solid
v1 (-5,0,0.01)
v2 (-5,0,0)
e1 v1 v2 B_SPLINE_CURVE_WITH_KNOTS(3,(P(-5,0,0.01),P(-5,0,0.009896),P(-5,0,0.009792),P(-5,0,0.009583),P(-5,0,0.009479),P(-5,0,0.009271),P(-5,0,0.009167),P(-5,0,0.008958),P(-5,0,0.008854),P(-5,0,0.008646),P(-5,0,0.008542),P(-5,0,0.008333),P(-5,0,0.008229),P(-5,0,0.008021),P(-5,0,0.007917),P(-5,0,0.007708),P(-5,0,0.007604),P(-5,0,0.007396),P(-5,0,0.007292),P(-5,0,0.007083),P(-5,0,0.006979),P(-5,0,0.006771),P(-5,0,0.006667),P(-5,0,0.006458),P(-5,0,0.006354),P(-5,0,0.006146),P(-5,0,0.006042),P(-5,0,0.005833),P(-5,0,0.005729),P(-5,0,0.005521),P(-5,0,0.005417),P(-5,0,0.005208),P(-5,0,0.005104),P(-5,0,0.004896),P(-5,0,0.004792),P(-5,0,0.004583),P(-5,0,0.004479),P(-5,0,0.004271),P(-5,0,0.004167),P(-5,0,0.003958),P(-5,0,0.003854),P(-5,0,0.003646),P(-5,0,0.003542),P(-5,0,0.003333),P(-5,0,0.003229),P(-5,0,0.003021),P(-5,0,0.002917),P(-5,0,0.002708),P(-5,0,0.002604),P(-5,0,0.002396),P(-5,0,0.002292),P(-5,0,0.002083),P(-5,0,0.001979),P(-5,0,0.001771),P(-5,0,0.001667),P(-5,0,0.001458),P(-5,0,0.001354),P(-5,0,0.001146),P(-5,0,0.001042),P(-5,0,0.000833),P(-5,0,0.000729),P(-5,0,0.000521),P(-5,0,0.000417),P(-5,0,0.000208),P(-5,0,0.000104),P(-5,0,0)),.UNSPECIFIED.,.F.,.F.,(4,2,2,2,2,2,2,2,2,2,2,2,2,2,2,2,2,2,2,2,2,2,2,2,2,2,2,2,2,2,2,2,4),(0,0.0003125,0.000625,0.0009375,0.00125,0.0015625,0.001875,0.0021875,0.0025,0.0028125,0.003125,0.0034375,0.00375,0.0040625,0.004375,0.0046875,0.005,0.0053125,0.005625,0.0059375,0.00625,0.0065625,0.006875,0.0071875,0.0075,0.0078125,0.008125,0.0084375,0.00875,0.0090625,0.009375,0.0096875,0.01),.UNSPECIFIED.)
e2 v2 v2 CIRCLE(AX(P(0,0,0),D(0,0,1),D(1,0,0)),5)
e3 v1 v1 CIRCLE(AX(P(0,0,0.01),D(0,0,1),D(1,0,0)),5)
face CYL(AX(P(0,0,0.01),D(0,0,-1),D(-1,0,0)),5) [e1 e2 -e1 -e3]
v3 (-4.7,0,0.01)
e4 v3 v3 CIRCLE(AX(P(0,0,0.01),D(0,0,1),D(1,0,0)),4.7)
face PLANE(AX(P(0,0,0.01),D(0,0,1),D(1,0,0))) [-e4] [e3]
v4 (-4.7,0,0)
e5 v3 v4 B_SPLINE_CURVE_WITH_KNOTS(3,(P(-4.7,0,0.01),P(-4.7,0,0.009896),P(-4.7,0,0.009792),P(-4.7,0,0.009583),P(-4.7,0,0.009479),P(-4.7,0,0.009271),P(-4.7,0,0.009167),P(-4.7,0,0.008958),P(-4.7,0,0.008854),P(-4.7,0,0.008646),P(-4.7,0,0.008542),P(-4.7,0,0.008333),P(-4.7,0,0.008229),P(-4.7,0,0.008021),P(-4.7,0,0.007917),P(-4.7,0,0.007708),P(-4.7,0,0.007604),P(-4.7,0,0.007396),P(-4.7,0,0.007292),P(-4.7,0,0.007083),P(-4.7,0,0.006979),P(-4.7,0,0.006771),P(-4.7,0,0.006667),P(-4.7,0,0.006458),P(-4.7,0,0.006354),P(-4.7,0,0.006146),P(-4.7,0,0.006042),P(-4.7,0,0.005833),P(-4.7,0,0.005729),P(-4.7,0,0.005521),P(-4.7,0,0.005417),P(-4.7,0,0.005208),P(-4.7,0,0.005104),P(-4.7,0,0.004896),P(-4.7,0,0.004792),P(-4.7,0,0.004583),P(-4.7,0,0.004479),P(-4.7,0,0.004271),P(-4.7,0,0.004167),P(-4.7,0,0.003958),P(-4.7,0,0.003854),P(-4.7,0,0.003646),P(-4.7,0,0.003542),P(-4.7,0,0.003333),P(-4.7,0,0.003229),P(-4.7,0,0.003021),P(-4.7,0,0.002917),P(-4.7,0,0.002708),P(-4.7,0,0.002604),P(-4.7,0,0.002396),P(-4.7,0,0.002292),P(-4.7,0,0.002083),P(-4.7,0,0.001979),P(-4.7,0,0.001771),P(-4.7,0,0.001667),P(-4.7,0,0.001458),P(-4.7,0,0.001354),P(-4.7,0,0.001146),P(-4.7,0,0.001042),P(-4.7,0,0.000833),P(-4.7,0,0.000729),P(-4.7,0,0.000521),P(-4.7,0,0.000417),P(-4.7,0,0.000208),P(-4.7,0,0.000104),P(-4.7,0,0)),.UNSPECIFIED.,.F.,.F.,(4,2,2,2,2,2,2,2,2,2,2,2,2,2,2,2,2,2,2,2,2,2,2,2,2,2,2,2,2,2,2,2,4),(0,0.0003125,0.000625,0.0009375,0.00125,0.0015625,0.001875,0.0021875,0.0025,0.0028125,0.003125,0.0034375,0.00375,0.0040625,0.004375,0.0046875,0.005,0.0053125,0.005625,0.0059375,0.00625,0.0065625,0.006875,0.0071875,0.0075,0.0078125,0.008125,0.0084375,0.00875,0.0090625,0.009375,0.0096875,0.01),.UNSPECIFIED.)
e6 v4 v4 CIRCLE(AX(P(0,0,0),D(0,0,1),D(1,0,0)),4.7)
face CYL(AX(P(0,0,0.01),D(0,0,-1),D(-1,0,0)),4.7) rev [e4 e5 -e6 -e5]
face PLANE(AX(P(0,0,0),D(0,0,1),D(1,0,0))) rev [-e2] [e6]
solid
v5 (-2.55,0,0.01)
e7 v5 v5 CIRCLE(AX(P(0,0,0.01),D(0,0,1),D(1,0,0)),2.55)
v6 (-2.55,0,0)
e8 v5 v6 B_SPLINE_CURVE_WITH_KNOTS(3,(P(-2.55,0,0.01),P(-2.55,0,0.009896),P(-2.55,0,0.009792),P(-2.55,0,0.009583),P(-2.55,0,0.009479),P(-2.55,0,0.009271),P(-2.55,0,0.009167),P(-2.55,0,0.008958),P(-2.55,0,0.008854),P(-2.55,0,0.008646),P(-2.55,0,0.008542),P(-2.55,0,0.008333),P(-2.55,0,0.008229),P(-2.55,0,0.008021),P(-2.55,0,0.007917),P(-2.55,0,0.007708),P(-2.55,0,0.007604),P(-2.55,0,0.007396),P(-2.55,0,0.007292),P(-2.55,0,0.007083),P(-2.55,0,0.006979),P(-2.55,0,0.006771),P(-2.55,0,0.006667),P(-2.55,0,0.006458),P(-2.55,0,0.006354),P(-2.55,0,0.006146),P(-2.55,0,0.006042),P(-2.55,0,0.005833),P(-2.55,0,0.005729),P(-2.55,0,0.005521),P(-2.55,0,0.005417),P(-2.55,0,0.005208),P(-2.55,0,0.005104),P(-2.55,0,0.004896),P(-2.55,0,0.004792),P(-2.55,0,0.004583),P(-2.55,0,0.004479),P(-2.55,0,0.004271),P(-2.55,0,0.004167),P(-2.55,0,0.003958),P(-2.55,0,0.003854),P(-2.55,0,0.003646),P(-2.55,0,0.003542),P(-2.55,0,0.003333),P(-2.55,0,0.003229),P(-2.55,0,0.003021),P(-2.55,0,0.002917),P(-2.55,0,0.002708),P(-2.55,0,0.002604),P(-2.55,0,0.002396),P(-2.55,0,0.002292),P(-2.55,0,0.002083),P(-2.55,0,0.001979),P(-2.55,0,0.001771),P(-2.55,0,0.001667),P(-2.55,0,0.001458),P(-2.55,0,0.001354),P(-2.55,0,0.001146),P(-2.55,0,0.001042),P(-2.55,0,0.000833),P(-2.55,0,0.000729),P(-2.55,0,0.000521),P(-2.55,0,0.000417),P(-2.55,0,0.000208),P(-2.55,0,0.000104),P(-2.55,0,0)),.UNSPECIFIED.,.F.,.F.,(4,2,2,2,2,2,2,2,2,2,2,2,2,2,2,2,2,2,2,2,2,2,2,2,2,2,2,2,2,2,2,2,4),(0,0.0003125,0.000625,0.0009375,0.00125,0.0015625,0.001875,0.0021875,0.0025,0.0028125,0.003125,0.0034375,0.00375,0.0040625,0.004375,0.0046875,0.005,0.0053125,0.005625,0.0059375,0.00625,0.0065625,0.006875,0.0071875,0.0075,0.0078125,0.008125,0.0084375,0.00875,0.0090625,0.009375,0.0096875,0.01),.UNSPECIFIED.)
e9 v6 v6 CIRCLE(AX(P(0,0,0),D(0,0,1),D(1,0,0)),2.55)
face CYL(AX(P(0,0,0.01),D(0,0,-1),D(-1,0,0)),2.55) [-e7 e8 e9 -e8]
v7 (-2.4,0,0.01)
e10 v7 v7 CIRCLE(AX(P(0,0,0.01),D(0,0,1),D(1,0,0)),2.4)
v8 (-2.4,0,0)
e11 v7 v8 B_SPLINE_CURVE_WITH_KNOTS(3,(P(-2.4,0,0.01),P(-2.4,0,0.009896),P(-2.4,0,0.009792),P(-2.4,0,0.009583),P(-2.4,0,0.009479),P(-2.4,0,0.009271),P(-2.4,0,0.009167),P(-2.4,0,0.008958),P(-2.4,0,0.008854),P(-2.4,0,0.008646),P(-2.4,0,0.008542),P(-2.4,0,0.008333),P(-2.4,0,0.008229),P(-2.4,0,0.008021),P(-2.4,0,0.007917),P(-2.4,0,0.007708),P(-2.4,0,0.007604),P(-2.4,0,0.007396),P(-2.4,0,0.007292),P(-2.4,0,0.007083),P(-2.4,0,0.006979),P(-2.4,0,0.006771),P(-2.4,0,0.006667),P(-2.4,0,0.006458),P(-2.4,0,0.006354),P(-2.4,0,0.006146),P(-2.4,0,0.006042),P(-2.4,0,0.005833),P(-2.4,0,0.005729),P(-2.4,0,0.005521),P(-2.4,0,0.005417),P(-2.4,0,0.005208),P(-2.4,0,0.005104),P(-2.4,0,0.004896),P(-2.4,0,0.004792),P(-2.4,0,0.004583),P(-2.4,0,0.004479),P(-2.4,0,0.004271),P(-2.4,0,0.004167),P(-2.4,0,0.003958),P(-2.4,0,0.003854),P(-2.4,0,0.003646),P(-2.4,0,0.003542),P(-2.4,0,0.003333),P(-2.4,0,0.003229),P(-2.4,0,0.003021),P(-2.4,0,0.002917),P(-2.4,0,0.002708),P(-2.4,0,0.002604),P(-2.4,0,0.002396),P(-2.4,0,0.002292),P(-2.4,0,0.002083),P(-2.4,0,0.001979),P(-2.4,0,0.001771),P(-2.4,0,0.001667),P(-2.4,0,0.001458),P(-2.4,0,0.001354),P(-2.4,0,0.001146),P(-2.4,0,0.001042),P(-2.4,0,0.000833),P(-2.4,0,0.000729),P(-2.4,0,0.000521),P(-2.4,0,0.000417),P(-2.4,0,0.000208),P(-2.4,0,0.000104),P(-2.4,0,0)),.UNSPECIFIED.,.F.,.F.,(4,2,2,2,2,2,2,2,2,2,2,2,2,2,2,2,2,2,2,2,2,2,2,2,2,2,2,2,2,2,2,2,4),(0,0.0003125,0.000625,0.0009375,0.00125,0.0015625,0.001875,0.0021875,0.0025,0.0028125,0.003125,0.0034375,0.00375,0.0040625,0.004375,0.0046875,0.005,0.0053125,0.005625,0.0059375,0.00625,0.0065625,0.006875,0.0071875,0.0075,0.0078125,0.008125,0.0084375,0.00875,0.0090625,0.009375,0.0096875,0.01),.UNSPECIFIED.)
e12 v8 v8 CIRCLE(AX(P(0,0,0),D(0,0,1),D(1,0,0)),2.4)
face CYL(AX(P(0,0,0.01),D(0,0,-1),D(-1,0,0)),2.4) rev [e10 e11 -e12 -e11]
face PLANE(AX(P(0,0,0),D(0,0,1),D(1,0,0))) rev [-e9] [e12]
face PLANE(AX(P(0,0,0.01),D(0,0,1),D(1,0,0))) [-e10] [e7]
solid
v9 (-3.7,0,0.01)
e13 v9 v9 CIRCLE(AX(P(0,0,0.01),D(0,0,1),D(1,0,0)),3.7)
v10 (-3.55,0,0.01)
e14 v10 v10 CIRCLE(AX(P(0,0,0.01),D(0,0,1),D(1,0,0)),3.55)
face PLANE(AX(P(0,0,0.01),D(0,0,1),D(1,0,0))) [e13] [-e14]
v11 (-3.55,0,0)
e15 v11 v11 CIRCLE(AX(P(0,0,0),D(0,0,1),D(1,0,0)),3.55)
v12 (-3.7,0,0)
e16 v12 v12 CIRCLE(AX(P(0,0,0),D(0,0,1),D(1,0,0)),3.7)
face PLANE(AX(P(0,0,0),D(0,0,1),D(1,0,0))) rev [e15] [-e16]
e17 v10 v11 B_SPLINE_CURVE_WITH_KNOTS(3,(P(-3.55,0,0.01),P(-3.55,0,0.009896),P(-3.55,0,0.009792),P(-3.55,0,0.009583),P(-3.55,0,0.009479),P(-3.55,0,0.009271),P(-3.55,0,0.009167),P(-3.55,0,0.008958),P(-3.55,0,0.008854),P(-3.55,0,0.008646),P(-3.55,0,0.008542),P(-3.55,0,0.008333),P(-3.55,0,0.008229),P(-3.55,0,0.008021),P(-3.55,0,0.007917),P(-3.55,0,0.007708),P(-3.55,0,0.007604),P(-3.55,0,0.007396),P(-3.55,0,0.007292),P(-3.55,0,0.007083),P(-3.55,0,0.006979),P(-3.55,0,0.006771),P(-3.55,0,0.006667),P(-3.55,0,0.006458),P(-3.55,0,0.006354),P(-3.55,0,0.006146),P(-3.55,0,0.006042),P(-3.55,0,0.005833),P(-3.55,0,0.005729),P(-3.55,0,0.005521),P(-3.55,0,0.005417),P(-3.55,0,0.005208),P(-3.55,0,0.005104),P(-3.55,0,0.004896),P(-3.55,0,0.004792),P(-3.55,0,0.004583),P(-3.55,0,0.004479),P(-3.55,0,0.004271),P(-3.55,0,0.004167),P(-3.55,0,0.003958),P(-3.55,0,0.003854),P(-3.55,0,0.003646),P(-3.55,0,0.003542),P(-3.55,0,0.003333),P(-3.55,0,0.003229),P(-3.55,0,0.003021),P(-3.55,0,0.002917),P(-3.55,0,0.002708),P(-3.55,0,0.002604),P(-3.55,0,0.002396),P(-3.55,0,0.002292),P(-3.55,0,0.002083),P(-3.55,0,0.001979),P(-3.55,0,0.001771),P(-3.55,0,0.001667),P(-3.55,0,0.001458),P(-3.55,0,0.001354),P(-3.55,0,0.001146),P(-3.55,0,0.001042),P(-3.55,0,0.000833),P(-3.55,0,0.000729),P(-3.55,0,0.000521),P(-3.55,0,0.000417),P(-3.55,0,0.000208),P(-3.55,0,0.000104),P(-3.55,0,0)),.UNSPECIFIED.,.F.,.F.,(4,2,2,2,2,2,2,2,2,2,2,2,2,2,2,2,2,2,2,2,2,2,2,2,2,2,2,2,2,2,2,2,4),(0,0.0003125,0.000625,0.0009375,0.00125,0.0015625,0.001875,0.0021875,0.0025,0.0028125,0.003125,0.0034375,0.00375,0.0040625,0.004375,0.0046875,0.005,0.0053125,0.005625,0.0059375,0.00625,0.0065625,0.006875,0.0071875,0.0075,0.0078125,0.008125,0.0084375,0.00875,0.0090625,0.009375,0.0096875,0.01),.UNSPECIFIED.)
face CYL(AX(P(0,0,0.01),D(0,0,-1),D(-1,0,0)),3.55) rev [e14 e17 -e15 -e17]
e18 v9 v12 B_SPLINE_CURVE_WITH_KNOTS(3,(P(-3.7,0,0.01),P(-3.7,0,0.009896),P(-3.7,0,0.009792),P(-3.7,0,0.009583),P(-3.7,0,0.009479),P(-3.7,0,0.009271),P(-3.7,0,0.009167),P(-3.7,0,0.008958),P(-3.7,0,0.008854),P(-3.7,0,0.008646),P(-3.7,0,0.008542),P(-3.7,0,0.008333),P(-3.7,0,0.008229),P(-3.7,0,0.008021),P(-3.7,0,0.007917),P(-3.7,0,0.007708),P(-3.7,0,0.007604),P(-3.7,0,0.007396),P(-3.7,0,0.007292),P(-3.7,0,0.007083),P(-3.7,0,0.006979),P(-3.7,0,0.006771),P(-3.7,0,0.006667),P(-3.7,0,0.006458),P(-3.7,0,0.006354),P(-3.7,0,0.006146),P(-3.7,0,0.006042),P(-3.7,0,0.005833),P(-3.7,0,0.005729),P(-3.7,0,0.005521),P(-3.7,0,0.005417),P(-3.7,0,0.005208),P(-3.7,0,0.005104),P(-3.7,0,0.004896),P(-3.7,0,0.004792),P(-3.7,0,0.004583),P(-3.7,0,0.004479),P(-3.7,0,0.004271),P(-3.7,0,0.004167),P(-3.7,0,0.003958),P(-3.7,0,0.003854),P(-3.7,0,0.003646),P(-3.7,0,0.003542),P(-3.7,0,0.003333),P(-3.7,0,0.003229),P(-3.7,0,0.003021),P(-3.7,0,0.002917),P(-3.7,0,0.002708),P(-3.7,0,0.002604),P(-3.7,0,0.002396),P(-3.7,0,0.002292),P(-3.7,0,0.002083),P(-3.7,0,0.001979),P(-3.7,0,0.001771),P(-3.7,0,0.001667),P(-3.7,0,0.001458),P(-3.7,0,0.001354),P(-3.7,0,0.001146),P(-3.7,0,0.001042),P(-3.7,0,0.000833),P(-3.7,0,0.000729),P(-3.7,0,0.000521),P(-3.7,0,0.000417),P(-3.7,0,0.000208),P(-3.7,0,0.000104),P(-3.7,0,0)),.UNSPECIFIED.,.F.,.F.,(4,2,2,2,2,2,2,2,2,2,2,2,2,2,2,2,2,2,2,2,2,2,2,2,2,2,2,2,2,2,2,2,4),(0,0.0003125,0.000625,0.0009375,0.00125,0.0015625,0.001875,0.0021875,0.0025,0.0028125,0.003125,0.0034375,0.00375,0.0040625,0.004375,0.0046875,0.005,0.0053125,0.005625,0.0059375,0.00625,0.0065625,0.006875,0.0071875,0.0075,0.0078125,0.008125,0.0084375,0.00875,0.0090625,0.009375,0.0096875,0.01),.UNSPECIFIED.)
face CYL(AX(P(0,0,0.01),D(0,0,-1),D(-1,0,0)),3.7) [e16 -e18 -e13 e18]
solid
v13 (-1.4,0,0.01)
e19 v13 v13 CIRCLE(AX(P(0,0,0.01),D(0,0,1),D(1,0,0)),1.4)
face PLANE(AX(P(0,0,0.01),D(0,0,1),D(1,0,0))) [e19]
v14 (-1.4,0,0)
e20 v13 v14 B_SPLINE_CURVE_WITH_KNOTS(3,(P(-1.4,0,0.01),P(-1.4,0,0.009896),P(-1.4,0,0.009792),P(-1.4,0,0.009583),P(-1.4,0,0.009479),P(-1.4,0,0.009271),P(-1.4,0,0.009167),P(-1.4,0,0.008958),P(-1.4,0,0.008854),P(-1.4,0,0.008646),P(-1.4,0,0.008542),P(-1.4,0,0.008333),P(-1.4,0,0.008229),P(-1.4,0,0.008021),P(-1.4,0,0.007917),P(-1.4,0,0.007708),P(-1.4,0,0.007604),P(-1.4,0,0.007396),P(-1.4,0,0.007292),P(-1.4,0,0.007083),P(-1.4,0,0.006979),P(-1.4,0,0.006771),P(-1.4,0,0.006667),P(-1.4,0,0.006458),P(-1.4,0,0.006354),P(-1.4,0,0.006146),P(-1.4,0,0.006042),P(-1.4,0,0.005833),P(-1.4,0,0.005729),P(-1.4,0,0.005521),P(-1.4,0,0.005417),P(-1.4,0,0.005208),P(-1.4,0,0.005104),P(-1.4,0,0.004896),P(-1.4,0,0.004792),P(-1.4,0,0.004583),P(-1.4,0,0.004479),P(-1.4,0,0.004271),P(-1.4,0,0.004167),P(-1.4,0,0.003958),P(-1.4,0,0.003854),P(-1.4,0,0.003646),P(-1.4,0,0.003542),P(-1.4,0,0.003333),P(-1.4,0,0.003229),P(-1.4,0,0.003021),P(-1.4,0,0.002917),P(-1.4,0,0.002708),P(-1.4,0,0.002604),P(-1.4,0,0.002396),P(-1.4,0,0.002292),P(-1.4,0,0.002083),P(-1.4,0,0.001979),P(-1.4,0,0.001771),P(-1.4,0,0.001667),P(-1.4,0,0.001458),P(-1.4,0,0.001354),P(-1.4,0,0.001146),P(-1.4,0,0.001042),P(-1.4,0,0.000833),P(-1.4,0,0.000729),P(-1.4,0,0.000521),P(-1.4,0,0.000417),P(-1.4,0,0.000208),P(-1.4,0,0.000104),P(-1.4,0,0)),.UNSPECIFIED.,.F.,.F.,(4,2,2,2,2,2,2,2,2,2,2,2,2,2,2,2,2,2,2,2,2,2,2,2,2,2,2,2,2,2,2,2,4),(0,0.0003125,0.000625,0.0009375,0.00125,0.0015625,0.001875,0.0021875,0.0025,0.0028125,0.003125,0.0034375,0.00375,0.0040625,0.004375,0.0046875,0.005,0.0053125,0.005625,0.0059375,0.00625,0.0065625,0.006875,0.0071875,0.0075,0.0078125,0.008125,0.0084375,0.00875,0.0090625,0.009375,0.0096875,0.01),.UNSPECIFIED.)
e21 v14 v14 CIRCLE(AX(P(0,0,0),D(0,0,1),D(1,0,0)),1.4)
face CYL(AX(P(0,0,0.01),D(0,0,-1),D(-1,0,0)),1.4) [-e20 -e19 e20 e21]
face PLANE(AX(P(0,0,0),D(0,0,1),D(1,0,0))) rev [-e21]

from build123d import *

# Parameters (mm, degrees)
SKETCH_1_R        = 5
SKETCH_1_R_2      = 4.7
EXTRUDE_1_DEPTH   = 0.01
SKETCH_1_R_3      = 3.7
SKETCH_1_R_4      = 3.55
EXTRUDE_1_2_DEPTH = 0.01
SKETCH_1_R_5      = 2.55
SKETCH_1_R_6      = 2.4
EXTRUDE_1_3_DEPTH = 0.01
SKETCH_1_R_7      = 1.4
EXTRUDE_1_4_DEPTH = 0.01


with BuildPart() as part:
    # Эскиз1 → Бобышка-Вытянуть1 (new body)
    with BuildSketch(Plane.XY):
        with Locations(Location((0, 0, 0), (0, 0, 180))):
            Circle(SKETCH_1_R)
        with Locations(Location((0, 0, 0), (0, 0, 180))):
            Circle(SKETCH_1_R_2, mode=Mode.SUBTRACT)
    extrude(amount=EXTRUDE_1_DEPTH)


with BuildPart() as body_2:
    # Эскиз1 → Extrude 1 2 (new body)
    with BuildSketch(Plane.XY):
        with Locations(Location((0, 0, 0), (0, 0, 180))):
            Circle(SKETCH_1_R_3)
        with Locations(Location((0, 0, 0), (0, 0, 180))):
            Circle(SKETCH_1_R_4, mode=Mode.SUBTRACT)
    extrude(amount=EXTRUDE_1_2_DEPTH)


with BuildPart() as body_3:
    # Эскиз1 → Extrude 1 3 (new body)
    with BuildSketch(Plane.XY):
        with Locations(Location((0, 0, 0), (0, 0, 180))):
            Circle(SKETCH_1_R_5)
        with Locations(Location((0, 0, 0), (0, 0, 180))):
            Circle(SKETCH_1_R_6, mode=Mode.SUBTRACT)
    extrude(amount=EXTRUDE_1_3_DEPTH)


with BuildPart() as body_4:
    # Эскиз1 → Extrude 1 4 (new body)
    with BuildSketch(Plane.XY):
        with Locations(Location((0, 0, 0), (0, 0, 180))):
            Circle(SKETCH_1_R_7)
    extrude(amount=EXTRUDE_1_4_DEPTH)


solid = Compound([part.part, body_2.part, body_3.part, body_4.part])
